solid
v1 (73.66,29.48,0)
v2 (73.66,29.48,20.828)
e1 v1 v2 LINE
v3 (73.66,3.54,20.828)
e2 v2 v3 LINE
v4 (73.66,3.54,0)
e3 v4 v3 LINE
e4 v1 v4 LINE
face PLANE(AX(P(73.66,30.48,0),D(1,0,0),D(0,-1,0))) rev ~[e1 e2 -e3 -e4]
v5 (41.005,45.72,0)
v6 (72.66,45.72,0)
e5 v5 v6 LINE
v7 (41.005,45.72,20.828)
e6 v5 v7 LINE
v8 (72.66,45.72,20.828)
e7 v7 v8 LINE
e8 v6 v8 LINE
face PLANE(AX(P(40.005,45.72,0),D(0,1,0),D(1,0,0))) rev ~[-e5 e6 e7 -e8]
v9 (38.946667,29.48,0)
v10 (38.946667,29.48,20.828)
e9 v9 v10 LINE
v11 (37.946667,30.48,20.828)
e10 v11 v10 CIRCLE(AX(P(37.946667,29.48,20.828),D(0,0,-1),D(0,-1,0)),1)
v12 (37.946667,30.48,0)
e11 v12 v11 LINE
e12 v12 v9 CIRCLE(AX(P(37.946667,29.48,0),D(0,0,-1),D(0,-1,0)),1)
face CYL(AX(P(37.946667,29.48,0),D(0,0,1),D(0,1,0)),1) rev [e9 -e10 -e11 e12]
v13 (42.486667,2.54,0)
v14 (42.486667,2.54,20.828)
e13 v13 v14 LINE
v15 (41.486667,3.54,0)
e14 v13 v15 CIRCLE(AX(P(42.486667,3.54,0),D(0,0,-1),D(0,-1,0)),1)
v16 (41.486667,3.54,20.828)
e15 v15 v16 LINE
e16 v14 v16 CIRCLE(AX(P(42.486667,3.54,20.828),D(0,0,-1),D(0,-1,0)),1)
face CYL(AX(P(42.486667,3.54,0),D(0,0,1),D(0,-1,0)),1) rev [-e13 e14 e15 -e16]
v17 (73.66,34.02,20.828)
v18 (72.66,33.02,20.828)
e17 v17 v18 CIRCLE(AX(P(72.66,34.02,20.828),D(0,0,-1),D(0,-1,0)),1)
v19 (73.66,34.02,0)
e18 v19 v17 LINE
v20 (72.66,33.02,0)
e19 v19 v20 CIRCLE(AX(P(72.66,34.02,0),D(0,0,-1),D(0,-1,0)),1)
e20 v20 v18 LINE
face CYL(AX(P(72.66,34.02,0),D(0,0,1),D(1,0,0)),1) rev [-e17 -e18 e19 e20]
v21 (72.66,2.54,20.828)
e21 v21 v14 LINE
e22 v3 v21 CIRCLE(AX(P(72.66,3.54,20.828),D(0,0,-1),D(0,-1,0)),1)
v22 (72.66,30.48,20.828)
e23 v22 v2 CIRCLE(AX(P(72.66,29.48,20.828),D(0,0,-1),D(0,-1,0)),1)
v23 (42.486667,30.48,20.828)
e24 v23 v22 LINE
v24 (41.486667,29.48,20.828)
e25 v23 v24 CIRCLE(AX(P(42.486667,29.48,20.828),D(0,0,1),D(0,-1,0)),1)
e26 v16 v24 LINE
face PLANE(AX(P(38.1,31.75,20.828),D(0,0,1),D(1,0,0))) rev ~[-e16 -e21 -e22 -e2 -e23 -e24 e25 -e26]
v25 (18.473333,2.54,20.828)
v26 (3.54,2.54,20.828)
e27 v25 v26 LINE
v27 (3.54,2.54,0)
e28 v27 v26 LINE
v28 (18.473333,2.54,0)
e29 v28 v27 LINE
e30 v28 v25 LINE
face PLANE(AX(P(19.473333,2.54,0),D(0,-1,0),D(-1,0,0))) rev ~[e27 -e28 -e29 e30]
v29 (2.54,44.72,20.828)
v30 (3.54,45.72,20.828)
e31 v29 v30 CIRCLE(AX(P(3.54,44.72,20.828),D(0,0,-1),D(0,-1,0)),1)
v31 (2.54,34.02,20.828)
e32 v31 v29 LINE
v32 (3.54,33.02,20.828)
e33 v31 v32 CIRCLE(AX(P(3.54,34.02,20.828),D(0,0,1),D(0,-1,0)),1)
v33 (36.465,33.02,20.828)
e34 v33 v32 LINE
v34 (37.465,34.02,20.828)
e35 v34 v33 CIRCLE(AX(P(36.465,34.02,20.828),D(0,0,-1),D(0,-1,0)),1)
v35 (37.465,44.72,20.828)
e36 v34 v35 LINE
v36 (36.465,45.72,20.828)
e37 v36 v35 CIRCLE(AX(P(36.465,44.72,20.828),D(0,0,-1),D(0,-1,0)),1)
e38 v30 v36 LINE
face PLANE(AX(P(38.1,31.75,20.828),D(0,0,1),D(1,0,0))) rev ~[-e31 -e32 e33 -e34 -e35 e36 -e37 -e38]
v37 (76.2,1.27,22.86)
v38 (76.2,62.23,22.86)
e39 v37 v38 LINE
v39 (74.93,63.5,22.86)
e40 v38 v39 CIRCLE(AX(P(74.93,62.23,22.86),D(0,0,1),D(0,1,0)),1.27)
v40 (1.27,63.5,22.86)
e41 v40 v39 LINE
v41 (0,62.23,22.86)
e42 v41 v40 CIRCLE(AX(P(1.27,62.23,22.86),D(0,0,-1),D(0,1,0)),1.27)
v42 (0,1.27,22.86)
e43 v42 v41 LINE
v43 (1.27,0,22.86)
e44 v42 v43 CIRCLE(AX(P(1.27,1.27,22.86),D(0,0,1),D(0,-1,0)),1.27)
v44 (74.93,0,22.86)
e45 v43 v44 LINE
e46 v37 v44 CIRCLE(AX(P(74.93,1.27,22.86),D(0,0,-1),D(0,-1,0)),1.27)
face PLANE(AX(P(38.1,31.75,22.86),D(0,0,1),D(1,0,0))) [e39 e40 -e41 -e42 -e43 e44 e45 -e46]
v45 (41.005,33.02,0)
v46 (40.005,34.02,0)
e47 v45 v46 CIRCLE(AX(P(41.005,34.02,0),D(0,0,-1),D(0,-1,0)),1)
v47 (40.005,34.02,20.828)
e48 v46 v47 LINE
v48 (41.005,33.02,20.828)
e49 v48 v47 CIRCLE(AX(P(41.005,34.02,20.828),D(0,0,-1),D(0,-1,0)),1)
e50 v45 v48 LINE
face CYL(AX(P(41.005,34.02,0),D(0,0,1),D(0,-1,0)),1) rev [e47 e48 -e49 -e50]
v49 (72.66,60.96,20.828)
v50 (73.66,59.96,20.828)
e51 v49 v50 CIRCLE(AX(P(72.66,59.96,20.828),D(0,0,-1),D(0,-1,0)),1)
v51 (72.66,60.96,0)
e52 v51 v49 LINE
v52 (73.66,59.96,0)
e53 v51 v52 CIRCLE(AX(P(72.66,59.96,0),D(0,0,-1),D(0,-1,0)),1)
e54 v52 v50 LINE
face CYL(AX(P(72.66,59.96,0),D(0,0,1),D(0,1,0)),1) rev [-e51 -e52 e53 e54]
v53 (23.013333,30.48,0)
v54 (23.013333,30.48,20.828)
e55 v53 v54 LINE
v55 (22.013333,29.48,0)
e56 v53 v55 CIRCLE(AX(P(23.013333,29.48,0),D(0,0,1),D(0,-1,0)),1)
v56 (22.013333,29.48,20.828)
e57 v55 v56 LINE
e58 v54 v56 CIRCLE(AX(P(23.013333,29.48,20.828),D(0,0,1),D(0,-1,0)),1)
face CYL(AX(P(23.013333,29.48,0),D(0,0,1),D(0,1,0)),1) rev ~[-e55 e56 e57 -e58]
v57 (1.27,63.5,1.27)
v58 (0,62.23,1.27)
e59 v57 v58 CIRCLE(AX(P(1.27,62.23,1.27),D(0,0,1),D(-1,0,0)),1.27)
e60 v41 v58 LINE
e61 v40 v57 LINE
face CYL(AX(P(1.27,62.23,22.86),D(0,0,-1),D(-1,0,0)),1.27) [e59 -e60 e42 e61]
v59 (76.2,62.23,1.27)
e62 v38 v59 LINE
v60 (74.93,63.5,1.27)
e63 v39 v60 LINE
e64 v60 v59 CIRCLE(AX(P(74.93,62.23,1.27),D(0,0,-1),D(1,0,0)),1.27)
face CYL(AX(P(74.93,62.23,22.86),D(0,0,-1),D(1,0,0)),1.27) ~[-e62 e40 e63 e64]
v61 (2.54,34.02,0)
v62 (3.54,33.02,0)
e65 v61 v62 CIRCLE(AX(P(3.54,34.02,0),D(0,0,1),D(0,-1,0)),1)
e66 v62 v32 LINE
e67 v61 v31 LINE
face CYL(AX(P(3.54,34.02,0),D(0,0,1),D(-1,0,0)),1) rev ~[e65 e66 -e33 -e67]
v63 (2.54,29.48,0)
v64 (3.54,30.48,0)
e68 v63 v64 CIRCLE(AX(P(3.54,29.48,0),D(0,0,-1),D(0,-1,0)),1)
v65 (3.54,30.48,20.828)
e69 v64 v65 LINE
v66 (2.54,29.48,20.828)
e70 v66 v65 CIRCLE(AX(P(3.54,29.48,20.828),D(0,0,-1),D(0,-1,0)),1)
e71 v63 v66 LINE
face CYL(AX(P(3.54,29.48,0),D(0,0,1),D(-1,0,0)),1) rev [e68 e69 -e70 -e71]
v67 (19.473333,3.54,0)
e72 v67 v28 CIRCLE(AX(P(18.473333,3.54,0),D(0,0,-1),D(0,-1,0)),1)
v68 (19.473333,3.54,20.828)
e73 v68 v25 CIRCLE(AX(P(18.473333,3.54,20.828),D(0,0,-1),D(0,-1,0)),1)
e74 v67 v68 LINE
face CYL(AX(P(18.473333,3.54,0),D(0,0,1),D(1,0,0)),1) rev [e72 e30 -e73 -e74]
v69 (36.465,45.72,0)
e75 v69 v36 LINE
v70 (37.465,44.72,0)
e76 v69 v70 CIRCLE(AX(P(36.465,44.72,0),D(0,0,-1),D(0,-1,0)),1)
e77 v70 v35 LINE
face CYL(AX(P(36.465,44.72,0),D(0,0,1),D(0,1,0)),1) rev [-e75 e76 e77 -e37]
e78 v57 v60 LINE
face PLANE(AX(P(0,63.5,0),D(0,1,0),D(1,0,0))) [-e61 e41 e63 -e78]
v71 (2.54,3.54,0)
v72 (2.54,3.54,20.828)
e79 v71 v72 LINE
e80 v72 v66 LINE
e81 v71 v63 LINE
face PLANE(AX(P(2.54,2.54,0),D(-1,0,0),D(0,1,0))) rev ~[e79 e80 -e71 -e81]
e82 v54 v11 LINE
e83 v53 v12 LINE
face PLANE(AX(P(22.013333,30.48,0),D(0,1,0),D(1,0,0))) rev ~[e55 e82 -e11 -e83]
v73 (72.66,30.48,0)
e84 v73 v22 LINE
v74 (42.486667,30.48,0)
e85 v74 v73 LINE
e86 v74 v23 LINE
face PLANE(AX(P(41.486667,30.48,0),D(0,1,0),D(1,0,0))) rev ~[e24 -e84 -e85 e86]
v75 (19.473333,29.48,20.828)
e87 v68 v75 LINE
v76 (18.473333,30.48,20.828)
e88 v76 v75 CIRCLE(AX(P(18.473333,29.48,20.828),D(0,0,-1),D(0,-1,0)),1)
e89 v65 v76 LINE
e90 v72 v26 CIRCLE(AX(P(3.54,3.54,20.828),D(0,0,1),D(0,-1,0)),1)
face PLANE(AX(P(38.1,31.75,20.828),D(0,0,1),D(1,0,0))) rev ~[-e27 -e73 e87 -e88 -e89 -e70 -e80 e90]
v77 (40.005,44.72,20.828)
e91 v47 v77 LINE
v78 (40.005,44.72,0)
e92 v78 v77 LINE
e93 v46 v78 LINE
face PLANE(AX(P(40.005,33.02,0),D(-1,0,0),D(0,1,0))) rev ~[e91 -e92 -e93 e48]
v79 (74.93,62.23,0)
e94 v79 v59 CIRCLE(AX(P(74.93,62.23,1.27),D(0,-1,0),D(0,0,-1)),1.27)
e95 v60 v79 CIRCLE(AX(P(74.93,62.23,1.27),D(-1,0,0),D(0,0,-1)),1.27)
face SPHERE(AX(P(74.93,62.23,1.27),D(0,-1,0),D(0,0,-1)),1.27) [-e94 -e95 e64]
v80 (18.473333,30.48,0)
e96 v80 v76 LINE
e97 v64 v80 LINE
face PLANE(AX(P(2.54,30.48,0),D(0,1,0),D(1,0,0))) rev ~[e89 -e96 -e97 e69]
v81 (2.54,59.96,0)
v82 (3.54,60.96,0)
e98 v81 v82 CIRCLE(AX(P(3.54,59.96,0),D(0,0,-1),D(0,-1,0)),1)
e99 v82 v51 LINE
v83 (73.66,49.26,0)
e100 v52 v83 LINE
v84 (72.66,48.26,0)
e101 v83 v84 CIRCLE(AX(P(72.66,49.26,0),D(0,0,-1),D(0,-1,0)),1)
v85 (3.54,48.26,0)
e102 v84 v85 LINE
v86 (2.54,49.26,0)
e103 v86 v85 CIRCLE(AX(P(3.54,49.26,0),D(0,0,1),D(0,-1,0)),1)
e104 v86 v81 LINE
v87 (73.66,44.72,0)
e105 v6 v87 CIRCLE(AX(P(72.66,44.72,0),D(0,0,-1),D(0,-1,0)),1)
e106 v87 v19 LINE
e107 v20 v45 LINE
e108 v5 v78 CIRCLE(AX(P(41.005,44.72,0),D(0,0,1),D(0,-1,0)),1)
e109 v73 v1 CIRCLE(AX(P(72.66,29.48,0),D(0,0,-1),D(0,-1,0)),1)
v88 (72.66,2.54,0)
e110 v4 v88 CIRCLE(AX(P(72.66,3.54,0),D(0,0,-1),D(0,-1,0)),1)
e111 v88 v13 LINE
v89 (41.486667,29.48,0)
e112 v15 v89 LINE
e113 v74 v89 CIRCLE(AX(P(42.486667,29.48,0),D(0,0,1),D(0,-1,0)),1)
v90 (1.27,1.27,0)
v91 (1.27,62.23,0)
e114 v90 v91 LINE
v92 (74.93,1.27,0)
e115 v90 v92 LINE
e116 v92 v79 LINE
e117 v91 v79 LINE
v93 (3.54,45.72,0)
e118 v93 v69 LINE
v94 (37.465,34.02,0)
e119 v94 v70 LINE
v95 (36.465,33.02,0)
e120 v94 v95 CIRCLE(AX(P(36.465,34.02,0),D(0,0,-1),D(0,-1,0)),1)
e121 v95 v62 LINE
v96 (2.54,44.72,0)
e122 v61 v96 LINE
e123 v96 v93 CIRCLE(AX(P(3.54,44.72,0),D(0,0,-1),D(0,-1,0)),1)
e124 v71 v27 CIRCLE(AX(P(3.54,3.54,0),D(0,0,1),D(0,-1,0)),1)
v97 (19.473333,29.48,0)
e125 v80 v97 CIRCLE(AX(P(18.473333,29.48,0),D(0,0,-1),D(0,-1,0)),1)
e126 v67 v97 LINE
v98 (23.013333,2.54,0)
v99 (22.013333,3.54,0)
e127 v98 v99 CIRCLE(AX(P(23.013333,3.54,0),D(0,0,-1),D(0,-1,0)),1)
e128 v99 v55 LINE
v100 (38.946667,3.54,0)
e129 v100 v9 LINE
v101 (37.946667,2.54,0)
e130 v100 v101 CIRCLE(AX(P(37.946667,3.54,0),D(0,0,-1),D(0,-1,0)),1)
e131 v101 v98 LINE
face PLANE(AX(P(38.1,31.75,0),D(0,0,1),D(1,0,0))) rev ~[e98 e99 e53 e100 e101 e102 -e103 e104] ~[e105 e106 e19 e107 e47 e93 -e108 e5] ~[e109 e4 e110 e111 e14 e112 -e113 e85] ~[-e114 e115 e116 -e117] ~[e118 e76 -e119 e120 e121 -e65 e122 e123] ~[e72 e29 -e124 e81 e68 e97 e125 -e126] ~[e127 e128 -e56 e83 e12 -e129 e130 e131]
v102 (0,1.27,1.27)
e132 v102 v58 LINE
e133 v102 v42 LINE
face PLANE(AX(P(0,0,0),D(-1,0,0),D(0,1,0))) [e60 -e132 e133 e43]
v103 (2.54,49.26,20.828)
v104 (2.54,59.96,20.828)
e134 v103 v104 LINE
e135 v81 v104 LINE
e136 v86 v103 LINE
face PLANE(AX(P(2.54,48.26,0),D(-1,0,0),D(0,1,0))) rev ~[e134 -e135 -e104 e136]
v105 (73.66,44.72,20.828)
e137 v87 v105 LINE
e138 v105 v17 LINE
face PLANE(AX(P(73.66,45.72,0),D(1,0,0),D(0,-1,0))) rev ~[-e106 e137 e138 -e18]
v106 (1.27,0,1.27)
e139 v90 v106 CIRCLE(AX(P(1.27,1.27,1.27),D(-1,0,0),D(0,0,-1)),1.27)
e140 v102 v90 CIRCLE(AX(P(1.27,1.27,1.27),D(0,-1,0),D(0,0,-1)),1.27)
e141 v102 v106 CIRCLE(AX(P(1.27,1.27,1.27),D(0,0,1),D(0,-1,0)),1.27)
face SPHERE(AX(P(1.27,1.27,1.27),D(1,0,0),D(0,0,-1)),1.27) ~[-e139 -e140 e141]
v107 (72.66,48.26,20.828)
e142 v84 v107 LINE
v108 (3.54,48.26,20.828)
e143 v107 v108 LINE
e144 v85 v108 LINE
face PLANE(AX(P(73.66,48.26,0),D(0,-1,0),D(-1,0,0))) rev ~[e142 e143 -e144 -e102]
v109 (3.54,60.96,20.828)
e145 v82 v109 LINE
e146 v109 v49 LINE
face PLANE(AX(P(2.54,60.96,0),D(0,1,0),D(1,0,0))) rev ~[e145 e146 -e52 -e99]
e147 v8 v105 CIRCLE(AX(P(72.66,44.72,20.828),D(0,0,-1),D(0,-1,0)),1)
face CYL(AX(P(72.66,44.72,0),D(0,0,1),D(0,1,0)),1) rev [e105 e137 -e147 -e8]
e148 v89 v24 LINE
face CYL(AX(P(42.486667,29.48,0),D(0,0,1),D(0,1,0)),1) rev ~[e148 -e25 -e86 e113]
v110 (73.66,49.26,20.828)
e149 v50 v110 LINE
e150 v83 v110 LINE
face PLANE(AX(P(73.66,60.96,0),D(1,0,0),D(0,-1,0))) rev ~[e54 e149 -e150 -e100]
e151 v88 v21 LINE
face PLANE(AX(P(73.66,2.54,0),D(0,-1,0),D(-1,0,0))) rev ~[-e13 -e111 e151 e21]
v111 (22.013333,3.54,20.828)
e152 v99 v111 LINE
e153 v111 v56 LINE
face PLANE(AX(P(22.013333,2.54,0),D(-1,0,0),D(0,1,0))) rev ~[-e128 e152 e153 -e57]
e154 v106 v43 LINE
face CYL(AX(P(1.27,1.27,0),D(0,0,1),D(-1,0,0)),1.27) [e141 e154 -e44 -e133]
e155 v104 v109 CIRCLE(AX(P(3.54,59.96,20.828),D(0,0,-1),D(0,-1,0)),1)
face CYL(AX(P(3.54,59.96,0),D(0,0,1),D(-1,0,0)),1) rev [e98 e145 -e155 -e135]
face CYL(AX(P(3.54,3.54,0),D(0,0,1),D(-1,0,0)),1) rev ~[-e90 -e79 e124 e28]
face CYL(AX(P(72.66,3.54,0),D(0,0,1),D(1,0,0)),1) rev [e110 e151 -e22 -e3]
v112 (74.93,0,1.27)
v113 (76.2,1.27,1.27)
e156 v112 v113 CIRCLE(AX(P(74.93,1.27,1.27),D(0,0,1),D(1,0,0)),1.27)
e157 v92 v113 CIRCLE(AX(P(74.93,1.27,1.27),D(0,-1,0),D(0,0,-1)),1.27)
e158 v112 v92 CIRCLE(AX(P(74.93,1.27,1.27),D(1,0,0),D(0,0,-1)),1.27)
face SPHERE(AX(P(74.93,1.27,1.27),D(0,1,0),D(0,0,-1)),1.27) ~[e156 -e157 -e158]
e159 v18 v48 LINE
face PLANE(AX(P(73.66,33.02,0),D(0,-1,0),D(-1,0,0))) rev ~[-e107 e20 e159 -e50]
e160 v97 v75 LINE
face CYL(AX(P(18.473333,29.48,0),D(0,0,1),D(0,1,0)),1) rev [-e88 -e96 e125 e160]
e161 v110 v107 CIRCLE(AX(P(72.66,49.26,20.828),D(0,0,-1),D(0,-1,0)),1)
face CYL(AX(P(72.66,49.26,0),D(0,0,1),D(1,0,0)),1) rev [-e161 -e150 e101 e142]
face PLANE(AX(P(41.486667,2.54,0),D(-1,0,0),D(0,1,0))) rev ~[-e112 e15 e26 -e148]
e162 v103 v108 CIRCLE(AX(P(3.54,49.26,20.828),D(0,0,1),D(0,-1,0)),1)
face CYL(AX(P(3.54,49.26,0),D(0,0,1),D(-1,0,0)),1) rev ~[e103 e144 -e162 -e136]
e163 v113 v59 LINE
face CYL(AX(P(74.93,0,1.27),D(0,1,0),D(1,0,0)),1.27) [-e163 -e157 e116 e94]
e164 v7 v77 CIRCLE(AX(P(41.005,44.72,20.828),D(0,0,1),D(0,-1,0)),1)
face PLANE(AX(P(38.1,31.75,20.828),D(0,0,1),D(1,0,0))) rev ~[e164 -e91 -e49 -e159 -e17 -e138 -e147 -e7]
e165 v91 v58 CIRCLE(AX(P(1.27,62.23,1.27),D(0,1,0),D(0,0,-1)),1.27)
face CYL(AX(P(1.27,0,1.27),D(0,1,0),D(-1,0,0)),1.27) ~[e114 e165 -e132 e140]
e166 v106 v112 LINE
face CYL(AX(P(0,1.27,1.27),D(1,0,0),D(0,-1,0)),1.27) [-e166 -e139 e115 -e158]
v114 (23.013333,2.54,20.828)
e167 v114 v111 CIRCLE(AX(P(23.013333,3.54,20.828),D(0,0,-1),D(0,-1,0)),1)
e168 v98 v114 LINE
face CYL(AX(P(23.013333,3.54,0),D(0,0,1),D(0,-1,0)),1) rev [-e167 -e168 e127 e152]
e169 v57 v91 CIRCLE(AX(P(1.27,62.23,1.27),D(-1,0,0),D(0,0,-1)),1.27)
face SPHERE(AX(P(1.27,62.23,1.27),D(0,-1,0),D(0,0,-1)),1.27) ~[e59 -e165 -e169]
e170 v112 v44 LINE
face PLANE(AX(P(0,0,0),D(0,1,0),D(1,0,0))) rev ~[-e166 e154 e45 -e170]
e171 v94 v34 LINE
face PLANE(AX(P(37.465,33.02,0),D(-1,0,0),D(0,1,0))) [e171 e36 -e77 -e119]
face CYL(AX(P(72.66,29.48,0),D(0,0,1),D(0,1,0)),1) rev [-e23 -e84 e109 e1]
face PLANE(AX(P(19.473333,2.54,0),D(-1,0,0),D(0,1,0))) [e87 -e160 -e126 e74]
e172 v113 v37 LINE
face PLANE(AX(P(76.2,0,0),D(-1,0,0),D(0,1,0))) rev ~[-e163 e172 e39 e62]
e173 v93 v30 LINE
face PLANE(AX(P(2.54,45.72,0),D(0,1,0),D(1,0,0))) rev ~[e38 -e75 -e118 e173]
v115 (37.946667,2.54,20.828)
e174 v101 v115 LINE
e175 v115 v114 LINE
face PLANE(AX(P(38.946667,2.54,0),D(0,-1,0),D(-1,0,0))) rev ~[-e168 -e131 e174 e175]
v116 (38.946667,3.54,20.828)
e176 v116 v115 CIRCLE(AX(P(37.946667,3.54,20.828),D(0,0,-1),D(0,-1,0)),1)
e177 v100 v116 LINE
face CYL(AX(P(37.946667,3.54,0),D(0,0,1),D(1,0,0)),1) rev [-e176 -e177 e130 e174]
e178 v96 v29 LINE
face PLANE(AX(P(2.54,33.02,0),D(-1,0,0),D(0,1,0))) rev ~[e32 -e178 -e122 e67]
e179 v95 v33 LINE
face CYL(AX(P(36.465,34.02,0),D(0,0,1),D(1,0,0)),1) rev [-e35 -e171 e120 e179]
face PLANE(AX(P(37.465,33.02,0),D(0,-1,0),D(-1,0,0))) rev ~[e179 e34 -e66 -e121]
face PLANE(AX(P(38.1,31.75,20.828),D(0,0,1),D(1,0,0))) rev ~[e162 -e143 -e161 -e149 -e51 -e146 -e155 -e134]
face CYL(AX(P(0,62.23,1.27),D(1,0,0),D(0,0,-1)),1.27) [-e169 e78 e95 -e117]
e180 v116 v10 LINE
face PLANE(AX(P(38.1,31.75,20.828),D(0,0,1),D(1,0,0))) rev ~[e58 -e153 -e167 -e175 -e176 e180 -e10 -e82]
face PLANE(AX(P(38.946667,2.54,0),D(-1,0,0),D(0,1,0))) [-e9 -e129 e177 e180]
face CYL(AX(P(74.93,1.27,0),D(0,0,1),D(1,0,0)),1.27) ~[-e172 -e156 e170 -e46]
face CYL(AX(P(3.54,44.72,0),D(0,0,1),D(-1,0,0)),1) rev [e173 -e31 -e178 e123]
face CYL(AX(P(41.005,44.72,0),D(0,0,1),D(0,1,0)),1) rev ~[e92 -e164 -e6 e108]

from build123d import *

# Parameters (mm, degrees)
F0_W     = 76.2
F0_H     = 63.5
F0_W_2   = 2.54
F0_H_2   = 27.94
F0_H_3   = 12.7
F1_DEPTH = 22.86
F2_W     = 76.2
F2_H     = 63.5
F3_DEPTH = 2.032
F4_R     = 1.27
F5_R     = 1


with BuildPart() as f1:
    # F0 (on Top) → F1 (new body)
    with BuildSketch(Plane.XY):
        with Locations((38.1, 31.75)):
            Rectangle(F0_W, F0_H)
        Polygon((2.54, 48.26), (2.54, 60.96), (73.66, 60.96), (73.66, 48.26), (73.66, 45.72), (73.66, 33.02), (73.66, 30.48), (73.66, 2.54), (41.4866666667, 2.54), (38.9466666667, 2.54), (22.0133333333, 2.54), (19.4733333333, 2.54), (2.54, 2.54), (2.54, 30.48), (2.54, 33.02), (2.54, 45.72), align=None, mode=Mode.SUBTRACT)
        Polygon((73.66, 48.26), (2.54, 48.26), (2.54, 45.72), (37.465, 45.72), (40.005, 45.72), (73.66, 45.72), align=None)
        Polygon((37.465, 33.02), (2.54, 33.02), (2.54, 30.48), (19.4733333333, 30.48), (22.0133333333, 30.48), (38.9466666667, 30.48), (41.4866666667, 30.48), (73.66, 30.48), (73.66, 33.02), (40.005, 33.02), align=None)
        with Locations((20.7433333333, 16.51)):
            Rectangle(F0_W_2, F0_H_2)
        with Locations((40.2166666667, 16.51)):
            Rectangle(F0_W_2, F0_H_2)
        with Locations((38.735, 39.37)):
            Rectangle(F0_W_2, F0_H_3)
    extrude(amount=F1_DEPTH)

    # F2 (on face) → F3 (join)
    with BuildSketch(Plane.XY.offset(22.86)):
        with Locations((38.1, 31.75)):
            Rectangle(F2_W, F2_H)
    extrude(amount=-F3_DEPTH)

    # F4
    f4_edges = [f1.edges().sort_by_distance(p)[0] for p in [
        (76.2, 31.75, 0),
        (38.1, 0, 0),
        (0, 31.75, 0),
        (38.1, 63.5, 0),
        (0, 63.5, 11.43),
        (76.2, 63.5, 11.43),
        (0, 0, 11.43),
        (76.2, 0, 11.43),
    ]]
    fillet(f4_edges, radius=F4_R)

    # F5
    f5_edges = [f1.edges().sort_by_distance(p)[0] for p in [
        (73.66, 60.96, 10.414),
        (73.66, 48.26, 10.414),
        (73.66, 33.02, 10.414),
        (73.66, 2.54, 10.414),
        (38.946667, 2.54, 10.414),
        (19.473333, 2.54, 10.414),
        (19.473333, 30.48, 10.414),
        (38.946667, 30.48, 10.414),
        (2.54, 30.48, 10.414),
        (2.54, 2.54, 10.414),
        (2.54, 45.72, 10.414),
        (2.54, 33.02, 10.414),
        (73.66, 45.72, 10.414),
        (41.486667, 30.48, 10.414),
        (41.486667, 2.54, 10.414),
        (2.54, 60.96, 10.414),
        (2.54, 48.26, 10.414),
        (73.66, 30.48, 10.414),
        (22.013333, 2.54, 10.414),
        (22.013333, 30.48, 10.414),
        (40.005, 33.02, 10.414),
        (40.005, 45.72, 10.414),
        (37.465, 45.72, 10.414),
        (37.465, 33.02, 10.414),
    ]]
    fillet(f5_edges, radius=F5_R)


solid = f1.part
